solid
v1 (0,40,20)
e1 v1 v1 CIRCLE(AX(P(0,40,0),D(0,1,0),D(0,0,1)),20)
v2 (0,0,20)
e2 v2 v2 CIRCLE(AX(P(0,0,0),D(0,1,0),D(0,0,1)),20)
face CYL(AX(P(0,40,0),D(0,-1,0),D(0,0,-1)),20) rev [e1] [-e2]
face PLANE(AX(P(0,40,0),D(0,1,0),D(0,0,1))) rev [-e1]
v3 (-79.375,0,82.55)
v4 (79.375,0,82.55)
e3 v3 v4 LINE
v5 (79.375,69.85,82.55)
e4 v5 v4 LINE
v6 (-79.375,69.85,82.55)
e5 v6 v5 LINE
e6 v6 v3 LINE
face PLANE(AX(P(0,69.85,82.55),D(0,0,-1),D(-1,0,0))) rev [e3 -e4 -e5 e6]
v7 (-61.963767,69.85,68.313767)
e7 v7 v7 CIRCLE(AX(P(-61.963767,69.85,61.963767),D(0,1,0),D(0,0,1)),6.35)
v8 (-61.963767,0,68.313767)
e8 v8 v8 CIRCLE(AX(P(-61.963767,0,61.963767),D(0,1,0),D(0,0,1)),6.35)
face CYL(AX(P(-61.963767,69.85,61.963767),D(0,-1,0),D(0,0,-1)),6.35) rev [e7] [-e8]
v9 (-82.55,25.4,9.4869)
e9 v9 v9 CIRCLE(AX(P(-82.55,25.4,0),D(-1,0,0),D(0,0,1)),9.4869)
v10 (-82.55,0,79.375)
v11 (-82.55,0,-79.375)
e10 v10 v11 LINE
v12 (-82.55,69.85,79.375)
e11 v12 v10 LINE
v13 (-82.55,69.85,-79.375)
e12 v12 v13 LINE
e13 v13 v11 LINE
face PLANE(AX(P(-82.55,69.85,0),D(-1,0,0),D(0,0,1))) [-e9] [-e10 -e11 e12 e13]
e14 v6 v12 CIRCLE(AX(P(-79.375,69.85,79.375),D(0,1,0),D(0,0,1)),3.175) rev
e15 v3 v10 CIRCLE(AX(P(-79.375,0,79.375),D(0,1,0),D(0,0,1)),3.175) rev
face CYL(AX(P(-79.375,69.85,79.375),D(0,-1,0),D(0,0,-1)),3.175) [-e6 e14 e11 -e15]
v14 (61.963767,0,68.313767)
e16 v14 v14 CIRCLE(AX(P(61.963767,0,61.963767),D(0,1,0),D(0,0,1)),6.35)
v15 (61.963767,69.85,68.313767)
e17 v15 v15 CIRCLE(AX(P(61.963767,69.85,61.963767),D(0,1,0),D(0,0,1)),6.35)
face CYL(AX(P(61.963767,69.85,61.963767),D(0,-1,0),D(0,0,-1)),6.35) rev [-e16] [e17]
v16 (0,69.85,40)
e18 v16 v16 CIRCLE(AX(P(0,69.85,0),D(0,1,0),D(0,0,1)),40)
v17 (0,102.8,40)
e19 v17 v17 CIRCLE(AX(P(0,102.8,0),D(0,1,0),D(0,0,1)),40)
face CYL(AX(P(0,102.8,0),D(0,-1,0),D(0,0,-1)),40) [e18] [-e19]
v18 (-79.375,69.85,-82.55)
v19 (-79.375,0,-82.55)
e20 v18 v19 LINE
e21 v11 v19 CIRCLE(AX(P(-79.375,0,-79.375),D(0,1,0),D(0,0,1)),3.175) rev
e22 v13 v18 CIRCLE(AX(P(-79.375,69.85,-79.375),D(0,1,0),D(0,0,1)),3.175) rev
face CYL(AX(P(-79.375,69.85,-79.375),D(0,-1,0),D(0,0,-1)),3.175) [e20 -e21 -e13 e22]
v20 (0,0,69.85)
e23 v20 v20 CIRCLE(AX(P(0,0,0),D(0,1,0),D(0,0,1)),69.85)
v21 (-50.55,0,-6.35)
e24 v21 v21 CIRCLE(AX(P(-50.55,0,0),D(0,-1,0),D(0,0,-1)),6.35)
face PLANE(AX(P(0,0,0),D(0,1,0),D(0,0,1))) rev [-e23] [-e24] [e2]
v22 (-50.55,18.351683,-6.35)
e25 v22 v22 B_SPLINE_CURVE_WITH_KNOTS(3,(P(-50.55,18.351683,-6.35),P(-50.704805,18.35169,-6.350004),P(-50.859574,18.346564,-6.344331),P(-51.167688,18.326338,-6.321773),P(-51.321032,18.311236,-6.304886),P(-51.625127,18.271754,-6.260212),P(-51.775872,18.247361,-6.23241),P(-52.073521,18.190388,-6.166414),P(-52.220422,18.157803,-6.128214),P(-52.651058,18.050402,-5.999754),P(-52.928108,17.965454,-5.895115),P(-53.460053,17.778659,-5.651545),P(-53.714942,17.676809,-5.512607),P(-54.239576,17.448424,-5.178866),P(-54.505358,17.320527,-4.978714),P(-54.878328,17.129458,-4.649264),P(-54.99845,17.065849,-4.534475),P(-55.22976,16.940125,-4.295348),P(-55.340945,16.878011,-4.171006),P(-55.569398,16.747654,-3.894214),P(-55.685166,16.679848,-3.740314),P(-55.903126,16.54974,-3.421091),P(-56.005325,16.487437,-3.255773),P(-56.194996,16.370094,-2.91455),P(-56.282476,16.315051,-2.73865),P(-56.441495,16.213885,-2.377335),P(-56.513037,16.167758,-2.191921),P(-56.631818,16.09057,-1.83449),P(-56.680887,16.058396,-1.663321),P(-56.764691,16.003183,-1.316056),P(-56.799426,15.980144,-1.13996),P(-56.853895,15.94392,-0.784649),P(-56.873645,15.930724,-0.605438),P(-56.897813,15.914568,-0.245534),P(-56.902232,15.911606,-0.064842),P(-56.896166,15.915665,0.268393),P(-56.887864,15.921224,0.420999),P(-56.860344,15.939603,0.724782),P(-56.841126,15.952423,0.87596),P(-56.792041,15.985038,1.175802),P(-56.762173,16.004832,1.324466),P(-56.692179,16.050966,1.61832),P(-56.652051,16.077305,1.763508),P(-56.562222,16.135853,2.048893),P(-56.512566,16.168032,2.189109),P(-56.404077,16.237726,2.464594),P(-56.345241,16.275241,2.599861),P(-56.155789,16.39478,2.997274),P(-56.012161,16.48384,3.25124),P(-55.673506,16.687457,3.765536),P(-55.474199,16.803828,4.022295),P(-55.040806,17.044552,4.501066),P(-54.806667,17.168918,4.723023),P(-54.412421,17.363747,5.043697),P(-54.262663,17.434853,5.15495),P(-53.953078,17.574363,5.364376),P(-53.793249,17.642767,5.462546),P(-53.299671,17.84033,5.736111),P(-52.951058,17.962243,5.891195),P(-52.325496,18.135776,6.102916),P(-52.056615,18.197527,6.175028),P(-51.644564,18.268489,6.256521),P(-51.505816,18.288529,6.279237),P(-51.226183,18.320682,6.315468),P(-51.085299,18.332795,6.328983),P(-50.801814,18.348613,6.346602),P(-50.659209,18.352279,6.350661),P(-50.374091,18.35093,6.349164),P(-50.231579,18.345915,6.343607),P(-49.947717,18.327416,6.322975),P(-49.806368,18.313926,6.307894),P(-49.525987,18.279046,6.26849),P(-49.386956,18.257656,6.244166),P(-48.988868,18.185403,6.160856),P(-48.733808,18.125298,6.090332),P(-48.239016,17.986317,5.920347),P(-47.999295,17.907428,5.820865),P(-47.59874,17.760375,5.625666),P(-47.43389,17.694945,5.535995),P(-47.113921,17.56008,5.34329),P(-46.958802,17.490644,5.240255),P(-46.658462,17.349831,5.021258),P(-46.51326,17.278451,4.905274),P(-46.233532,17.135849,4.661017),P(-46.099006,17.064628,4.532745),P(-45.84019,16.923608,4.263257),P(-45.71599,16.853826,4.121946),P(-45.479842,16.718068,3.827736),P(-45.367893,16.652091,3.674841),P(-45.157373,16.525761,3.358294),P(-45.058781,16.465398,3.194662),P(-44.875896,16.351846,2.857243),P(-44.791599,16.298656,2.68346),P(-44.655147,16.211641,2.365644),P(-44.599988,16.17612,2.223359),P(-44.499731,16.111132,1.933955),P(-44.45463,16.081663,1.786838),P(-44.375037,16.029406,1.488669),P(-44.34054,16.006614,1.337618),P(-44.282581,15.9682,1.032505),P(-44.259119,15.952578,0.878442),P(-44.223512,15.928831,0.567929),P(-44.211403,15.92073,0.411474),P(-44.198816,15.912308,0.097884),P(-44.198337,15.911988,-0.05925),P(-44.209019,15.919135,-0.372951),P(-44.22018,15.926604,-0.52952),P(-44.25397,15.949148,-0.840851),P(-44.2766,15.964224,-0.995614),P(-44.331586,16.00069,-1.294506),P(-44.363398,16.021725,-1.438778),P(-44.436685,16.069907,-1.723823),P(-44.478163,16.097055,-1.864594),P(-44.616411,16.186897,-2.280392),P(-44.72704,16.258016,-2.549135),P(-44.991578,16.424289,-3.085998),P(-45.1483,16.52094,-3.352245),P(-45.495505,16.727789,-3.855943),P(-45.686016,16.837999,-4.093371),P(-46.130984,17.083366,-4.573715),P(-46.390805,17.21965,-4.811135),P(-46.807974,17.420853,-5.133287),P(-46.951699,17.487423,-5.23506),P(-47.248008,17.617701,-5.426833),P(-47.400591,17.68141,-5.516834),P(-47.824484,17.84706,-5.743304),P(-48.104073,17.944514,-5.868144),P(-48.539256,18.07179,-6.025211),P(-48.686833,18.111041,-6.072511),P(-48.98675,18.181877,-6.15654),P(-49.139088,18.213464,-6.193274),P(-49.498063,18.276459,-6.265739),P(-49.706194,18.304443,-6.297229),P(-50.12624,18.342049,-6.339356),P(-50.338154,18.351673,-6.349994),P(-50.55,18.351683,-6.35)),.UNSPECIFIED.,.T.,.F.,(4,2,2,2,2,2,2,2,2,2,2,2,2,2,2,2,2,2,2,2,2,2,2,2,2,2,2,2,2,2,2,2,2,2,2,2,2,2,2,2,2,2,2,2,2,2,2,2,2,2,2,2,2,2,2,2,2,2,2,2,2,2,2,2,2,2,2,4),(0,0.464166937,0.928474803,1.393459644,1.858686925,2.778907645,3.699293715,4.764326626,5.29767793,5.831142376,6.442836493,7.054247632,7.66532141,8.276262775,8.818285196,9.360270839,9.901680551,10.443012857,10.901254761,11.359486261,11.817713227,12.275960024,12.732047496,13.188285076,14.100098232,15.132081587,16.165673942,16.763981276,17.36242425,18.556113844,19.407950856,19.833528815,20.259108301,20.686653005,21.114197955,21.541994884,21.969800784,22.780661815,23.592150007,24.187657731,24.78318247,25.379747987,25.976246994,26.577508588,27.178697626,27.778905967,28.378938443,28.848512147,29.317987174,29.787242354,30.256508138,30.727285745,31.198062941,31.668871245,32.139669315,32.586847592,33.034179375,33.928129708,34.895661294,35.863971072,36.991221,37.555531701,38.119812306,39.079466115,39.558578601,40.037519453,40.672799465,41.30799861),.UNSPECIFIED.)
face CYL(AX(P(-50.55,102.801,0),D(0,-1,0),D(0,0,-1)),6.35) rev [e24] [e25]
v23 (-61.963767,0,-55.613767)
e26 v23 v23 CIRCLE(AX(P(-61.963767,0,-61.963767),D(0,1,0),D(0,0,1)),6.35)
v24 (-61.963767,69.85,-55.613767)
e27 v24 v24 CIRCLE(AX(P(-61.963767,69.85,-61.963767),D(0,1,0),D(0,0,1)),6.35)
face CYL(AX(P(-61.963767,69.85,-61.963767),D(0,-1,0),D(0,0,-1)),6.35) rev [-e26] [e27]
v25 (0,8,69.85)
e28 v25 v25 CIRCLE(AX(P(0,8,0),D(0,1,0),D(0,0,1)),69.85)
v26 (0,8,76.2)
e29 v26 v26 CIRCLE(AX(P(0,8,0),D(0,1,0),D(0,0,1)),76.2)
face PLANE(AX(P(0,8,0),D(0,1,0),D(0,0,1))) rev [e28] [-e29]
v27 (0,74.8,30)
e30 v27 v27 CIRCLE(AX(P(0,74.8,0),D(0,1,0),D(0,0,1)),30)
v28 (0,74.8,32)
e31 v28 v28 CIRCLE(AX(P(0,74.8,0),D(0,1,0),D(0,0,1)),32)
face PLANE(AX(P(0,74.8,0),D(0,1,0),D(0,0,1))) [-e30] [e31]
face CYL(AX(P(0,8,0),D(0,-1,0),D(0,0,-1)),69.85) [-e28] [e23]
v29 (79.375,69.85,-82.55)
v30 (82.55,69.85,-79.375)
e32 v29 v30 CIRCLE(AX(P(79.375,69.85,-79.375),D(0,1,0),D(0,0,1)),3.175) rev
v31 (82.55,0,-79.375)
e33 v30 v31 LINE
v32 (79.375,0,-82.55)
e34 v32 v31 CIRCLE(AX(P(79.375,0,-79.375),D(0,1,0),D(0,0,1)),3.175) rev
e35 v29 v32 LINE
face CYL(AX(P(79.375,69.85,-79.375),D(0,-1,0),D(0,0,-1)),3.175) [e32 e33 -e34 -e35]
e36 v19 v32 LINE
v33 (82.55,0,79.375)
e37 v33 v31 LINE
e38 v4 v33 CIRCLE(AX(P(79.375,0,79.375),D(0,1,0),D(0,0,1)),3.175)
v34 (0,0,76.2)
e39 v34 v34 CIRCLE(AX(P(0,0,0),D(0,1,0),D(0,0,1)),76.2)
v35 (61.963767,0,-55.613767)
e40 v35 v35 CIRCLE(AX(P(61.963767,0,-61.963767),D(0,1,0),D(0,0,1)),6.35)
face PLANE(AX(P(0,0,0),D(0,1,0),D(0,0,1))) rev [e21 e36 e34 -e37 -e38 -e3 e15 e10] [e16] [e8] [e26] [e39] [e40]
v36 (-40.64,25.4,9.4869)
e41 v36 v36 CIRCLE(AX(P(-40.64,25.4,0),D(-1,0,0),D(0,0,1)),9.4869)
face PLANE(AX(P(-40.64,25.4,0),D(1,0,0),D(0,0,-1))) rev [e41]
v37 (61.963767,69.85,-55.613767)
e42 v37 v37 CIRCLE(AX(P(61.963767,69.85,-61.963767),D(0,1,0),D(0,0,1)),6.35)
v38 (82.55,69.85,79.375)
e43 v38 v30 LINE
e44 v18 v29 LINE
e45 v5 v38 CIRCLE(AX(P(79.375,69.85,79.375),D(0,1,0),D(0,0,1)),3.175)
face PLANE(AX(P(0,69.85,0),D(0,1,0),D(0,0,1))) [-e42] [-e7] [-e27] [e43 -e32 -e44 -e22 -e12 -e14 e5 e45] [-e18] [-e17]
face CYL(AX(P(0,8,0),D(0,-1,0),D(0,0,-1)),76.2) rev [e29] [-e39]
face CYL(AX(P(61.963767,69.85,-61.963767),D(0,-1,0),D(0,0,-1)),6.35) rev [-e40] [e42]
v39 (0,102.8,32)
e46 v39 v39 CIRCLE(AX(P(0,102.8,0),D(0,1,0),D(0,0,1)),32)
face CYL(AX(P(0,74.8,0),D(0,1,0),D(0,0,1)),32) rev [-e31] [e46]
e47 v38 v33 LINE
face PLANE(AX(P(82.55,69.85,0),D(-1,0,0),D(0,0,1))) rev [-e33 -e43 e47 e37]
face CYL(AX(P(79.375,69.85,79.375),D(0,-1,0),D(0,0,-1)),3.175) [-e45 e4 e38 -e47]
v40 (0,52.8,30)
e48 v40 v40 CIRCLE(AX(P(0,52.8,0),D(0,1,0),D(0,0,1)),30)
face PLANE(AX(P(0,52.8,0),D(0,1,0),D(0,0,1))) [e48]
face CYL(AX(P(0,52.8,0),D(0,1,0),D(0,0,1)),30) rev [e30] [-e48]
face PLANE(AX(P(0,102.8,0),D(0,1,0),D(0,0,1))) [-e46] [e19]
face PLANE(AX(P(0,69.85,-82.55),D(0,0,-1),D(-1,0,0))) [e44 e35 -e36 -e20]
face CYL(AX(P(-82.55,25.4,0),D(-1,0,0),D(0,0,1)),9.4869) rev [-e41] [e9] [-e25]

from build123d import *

# Parameters (mm, degrees)
SKETCH1_R                        = 76.2
SKETCH1_R_2                      = 6.35
SKETCH1_R_3                      = 69.85
SKETCH1_R_4                      = 20
BOSS_EXTRUDE1_DEPTH              = 69.85
SKETCH1_3_R                      = 20
CUT_EXTRUDE1_DEPTH               = 40
SKETCH1_4_R                      = 76.2
SKETCH1_4_R_2                    = 69.85
CUT_EXTRUDE2_DEPTH               = 8
SKETCH2_R                        = 40
SKETCH2_R_2                      = 30
SKETCH2_R_3                      = 27
BOSS_EXTRUDE2_DEPTH              = 32.95
SKETCH3_R                        = 32
CUT_EXTRUDE5_DEPTH               = 28
SKETCH4_R                        = 30
CUT_EXTRUDE6_DEPTH               = 22
F_1_2_14_NPSM_TAPPED_HOLE2_D     = 18.9738
F_1_2_14_NPSM_TAPPED_HOLE2_DEPTH = 41.91
CUT_EXTRUDE7_REACH               = 157.553
CUT_EXTRUDE7_END_RADIUS          = 9.4869
SKETCH12_R                       = 6.35


with BuildPart() as part:
    # Sketch1 → Boss-Extrude1 (new body)
    # profile 1 of 4: a face of its own
    with BuildSketch(Plane(origin=(0, 0, 0), x_dir=(1, 0, 0), z_dir=(0, 1, 0))):
        with BuildLine():
            ThreePointArc((79.375, 82.55), (81.62006403, 81.62006403), (82.55, 79.375))
            Line((82.55, 79.375), (82.55, -79.375))
            ThreePointArc((82.55, -79.375), (81.62006403, -81.62006403), (79.375, -82.55))
            Line((79.375, -82.55), (-79.375, -82.55))
            ThreePointArc((-79.375, -82.55), (-81.62006403, -81.62006403), (-82.55, -79.375))
            Line((-82.55, -79.375), (-82.55, 79.375))
            ThreePointArc((-82.55, 79.375), (-81.62006403, 81.62006403), (-79.375, 82.55))
            Line((-79.375, 82.55), (79.375, 82.55))
        make_face()
        Circle(SKETCH1_R, mode=Mode.SUBTRACT)
        with Locations(Location((-61.963767235, 61.963767235, 0), (0, 0, 270))):
            Circle(SKETCH1_R_2, mode=Mode.SUBTRACT)
        with Locations(Location((-61.963767235, -61.963767235, 0), (0, 0, 270))):
            Circle(SKETCH1_R_2, mode=Mode.SUBTRACT)
        with Locations(Location((61.963767235, -61.963767235, 0), (0, 0, 270))):
            Circle(SKETCH1_R_2, mode=Mode.SUBTRACT)
        with Locations(Location((61.963767235, 61.963767235, 0), (0, 0, 270))):
            Circle(SKETCH1_R_2, mode=Mode.SUBTRACT)
    # profile 2 of 4: a face of its own
    with BuildSketch(Plane(origin=(0, 0, 0), x_dir=(1, 0, 0), z_dir=(0, 1, 0))):
        Circle(SKETCH1_R)
        Circle(SKETCH1_R_3, mode=Mode.SUBTRACT)
    # profile 3 of 4: a face of its own
    with BuildSketch(Plane(origin=(0, 0, 0), x_dir=(1, 0, 0), z_dir=(0, 1, 0))):
        Circle(SKETCH1_R_3)
        Circle(SKETCH1_R_4, mode=Mode.SUBTRACT)
    # profile 4 of 4: a face of its own
    with BuildSketch(Plane(origin=(0, 0, 0), x_dir=(1, 0, 0), z_dir=(0, 1, 0))):
        Circle(SKETCH1_R_4)
    extrude(amount=BOSS_EXTRUDE1_DEPTH)

    # Sketch1<3> → Cut-Extrude1 (cut)
    with BuildSketch(Plane(origin=(0, 0, 0), x_dir=(1, 0, 0), z_dir=(0, 1, 0))):
        with Locations(Location((0, 0, 0), (0, 0, 270))):
            Circle(SKETCH1_3_R)
    extrude(amount=CUT_EXTRUDE1_DEPTH, mode=Mode.SUBTRACT)

    # Sketch1<4> → Cut-Extrude2 (cut)
    with BuildSketch(Plane(origin=(0, 0, 0), x_dir=(1, 0, 0), z_dir=(0, 1, 0))):
        with Locations(Location((0, 0, 0), (0, 0, 270))):
            Circle(SKETCH1_4_R)
        with Locations(Location((0, 0, 0), (0, 0, 270))):
            Circle(SKETCH1_4_R_2, mode=Mode.SUBTRACT)
    extrude(amount=CUT_EXTRUDE2_DEPTH, mode=Mode.SUBTRACT)

    # Sketch2 → Boss-Extrude2 (add)
    # profile 1 of 3: a face of its own
    with BuildSketch(Plane(origin=(0, 69.85, 0), x_dir=(1, 0, 0), z_dir=(0, 1, 0))):
        with Locations(Location((0, 0, 0), (0, 0, 270))):
            Circle(SKETCH2_R)
        Circle(SKETCH2_R_2, mode=Mode.SUBTRACT)
    # profile 2 of 3: a face of its own
    with BuildSketch(Plane(origin=(0, 69.85, 0), x_dir=(1, 0, 0), z_dir=(0, 1, 0))):
        Circle(SKETCH2_R_2)
        Circle(SKETCH2_R_3, mode=Mode.SUBTRACT)
    # profile 3 of 3: a face of its own
    with BuildSketch(Plane(origin=(0, 69.85, 0), x_dir=(1, 0, 0), z_dir=(0, 1, 0))):
        Circle(SKETCH2_R_3)
    extrude(amount=BOSS_EXTRUDE2_DEPTH)

    # Sketch3 → Cut-Extrude5 (cut)
    with BuildSketch(Plane(origin=(0, 102.8, 0), x_dir=(1, 0, 0), z_dir=(0, 1, 0))):
        with Locations(Location((0, 0, 0), (0, 0, 270))):
            Circle(SKETCH3_R)
    extrude(amount=-CUT_EXTRUDE5_DEPTH, mode=Mode.SUBTRACT)

    # Sketch4 → Cut-Extrude6 (cut)
    with BuildSketch(Plane(origin=(0, 74.8, 0), x_dir=(1, 0, 0), z_dir=(0, 1, 0))):
        with Locations(Location((0, 0, 0), (0, 0, 270))):
            Circle(SKETCH4_R)
    extrude(amount=-CUT_EXTRUDE6_DEPTH, mode=Mode.SUBTRACT)

    # 1/2-14 NPSM Tapped Hole2
    with Locations(Plane.ZY.offset(82.55)):
        with Locations((0, 25.4)):
            Hole(F_1_2_14_NPSM_TAPPED_HOLE2_D / 2, depth=F_1_2_14_NPSM_TAPPED_HOLE2_DEPTH)

    # Cut-Extrude7: up to this cylinder (the profile starts outside it)
    cut_extrude7_end = Plane(origin=(-50.55, 25.4, 0), z_dir=(-1, 0, 0)) * Cylinder(CUT_EXTRUDE7_END_RADIUS, 335.0798, mode=Mode.PRIVATE)
    # Sketch12 → Cut-Extrude7 (cut, up to the surface)
    with BuildSketch(Plane.XZ, mode=Mode.PRIVATE) as cut_extrude7_sk1:
        with Locations(Location((-50.55, 0, 0), (0, 0, 270))):
            Circle(SKETCH12_R)
    cut_extrude7_tool1 = extrude(cut_extrude7_sk1.sketch, amount=-CUT_EXTRUDE7_REACH, mode=Mode.PRIVATE) - cut_extrude7_end
    add(cut_extrude7_tool1.solids().sort_by_distance((-50.55, 0, 0))[0], mode=Mode.SUBTRACT)


solid = part.part
